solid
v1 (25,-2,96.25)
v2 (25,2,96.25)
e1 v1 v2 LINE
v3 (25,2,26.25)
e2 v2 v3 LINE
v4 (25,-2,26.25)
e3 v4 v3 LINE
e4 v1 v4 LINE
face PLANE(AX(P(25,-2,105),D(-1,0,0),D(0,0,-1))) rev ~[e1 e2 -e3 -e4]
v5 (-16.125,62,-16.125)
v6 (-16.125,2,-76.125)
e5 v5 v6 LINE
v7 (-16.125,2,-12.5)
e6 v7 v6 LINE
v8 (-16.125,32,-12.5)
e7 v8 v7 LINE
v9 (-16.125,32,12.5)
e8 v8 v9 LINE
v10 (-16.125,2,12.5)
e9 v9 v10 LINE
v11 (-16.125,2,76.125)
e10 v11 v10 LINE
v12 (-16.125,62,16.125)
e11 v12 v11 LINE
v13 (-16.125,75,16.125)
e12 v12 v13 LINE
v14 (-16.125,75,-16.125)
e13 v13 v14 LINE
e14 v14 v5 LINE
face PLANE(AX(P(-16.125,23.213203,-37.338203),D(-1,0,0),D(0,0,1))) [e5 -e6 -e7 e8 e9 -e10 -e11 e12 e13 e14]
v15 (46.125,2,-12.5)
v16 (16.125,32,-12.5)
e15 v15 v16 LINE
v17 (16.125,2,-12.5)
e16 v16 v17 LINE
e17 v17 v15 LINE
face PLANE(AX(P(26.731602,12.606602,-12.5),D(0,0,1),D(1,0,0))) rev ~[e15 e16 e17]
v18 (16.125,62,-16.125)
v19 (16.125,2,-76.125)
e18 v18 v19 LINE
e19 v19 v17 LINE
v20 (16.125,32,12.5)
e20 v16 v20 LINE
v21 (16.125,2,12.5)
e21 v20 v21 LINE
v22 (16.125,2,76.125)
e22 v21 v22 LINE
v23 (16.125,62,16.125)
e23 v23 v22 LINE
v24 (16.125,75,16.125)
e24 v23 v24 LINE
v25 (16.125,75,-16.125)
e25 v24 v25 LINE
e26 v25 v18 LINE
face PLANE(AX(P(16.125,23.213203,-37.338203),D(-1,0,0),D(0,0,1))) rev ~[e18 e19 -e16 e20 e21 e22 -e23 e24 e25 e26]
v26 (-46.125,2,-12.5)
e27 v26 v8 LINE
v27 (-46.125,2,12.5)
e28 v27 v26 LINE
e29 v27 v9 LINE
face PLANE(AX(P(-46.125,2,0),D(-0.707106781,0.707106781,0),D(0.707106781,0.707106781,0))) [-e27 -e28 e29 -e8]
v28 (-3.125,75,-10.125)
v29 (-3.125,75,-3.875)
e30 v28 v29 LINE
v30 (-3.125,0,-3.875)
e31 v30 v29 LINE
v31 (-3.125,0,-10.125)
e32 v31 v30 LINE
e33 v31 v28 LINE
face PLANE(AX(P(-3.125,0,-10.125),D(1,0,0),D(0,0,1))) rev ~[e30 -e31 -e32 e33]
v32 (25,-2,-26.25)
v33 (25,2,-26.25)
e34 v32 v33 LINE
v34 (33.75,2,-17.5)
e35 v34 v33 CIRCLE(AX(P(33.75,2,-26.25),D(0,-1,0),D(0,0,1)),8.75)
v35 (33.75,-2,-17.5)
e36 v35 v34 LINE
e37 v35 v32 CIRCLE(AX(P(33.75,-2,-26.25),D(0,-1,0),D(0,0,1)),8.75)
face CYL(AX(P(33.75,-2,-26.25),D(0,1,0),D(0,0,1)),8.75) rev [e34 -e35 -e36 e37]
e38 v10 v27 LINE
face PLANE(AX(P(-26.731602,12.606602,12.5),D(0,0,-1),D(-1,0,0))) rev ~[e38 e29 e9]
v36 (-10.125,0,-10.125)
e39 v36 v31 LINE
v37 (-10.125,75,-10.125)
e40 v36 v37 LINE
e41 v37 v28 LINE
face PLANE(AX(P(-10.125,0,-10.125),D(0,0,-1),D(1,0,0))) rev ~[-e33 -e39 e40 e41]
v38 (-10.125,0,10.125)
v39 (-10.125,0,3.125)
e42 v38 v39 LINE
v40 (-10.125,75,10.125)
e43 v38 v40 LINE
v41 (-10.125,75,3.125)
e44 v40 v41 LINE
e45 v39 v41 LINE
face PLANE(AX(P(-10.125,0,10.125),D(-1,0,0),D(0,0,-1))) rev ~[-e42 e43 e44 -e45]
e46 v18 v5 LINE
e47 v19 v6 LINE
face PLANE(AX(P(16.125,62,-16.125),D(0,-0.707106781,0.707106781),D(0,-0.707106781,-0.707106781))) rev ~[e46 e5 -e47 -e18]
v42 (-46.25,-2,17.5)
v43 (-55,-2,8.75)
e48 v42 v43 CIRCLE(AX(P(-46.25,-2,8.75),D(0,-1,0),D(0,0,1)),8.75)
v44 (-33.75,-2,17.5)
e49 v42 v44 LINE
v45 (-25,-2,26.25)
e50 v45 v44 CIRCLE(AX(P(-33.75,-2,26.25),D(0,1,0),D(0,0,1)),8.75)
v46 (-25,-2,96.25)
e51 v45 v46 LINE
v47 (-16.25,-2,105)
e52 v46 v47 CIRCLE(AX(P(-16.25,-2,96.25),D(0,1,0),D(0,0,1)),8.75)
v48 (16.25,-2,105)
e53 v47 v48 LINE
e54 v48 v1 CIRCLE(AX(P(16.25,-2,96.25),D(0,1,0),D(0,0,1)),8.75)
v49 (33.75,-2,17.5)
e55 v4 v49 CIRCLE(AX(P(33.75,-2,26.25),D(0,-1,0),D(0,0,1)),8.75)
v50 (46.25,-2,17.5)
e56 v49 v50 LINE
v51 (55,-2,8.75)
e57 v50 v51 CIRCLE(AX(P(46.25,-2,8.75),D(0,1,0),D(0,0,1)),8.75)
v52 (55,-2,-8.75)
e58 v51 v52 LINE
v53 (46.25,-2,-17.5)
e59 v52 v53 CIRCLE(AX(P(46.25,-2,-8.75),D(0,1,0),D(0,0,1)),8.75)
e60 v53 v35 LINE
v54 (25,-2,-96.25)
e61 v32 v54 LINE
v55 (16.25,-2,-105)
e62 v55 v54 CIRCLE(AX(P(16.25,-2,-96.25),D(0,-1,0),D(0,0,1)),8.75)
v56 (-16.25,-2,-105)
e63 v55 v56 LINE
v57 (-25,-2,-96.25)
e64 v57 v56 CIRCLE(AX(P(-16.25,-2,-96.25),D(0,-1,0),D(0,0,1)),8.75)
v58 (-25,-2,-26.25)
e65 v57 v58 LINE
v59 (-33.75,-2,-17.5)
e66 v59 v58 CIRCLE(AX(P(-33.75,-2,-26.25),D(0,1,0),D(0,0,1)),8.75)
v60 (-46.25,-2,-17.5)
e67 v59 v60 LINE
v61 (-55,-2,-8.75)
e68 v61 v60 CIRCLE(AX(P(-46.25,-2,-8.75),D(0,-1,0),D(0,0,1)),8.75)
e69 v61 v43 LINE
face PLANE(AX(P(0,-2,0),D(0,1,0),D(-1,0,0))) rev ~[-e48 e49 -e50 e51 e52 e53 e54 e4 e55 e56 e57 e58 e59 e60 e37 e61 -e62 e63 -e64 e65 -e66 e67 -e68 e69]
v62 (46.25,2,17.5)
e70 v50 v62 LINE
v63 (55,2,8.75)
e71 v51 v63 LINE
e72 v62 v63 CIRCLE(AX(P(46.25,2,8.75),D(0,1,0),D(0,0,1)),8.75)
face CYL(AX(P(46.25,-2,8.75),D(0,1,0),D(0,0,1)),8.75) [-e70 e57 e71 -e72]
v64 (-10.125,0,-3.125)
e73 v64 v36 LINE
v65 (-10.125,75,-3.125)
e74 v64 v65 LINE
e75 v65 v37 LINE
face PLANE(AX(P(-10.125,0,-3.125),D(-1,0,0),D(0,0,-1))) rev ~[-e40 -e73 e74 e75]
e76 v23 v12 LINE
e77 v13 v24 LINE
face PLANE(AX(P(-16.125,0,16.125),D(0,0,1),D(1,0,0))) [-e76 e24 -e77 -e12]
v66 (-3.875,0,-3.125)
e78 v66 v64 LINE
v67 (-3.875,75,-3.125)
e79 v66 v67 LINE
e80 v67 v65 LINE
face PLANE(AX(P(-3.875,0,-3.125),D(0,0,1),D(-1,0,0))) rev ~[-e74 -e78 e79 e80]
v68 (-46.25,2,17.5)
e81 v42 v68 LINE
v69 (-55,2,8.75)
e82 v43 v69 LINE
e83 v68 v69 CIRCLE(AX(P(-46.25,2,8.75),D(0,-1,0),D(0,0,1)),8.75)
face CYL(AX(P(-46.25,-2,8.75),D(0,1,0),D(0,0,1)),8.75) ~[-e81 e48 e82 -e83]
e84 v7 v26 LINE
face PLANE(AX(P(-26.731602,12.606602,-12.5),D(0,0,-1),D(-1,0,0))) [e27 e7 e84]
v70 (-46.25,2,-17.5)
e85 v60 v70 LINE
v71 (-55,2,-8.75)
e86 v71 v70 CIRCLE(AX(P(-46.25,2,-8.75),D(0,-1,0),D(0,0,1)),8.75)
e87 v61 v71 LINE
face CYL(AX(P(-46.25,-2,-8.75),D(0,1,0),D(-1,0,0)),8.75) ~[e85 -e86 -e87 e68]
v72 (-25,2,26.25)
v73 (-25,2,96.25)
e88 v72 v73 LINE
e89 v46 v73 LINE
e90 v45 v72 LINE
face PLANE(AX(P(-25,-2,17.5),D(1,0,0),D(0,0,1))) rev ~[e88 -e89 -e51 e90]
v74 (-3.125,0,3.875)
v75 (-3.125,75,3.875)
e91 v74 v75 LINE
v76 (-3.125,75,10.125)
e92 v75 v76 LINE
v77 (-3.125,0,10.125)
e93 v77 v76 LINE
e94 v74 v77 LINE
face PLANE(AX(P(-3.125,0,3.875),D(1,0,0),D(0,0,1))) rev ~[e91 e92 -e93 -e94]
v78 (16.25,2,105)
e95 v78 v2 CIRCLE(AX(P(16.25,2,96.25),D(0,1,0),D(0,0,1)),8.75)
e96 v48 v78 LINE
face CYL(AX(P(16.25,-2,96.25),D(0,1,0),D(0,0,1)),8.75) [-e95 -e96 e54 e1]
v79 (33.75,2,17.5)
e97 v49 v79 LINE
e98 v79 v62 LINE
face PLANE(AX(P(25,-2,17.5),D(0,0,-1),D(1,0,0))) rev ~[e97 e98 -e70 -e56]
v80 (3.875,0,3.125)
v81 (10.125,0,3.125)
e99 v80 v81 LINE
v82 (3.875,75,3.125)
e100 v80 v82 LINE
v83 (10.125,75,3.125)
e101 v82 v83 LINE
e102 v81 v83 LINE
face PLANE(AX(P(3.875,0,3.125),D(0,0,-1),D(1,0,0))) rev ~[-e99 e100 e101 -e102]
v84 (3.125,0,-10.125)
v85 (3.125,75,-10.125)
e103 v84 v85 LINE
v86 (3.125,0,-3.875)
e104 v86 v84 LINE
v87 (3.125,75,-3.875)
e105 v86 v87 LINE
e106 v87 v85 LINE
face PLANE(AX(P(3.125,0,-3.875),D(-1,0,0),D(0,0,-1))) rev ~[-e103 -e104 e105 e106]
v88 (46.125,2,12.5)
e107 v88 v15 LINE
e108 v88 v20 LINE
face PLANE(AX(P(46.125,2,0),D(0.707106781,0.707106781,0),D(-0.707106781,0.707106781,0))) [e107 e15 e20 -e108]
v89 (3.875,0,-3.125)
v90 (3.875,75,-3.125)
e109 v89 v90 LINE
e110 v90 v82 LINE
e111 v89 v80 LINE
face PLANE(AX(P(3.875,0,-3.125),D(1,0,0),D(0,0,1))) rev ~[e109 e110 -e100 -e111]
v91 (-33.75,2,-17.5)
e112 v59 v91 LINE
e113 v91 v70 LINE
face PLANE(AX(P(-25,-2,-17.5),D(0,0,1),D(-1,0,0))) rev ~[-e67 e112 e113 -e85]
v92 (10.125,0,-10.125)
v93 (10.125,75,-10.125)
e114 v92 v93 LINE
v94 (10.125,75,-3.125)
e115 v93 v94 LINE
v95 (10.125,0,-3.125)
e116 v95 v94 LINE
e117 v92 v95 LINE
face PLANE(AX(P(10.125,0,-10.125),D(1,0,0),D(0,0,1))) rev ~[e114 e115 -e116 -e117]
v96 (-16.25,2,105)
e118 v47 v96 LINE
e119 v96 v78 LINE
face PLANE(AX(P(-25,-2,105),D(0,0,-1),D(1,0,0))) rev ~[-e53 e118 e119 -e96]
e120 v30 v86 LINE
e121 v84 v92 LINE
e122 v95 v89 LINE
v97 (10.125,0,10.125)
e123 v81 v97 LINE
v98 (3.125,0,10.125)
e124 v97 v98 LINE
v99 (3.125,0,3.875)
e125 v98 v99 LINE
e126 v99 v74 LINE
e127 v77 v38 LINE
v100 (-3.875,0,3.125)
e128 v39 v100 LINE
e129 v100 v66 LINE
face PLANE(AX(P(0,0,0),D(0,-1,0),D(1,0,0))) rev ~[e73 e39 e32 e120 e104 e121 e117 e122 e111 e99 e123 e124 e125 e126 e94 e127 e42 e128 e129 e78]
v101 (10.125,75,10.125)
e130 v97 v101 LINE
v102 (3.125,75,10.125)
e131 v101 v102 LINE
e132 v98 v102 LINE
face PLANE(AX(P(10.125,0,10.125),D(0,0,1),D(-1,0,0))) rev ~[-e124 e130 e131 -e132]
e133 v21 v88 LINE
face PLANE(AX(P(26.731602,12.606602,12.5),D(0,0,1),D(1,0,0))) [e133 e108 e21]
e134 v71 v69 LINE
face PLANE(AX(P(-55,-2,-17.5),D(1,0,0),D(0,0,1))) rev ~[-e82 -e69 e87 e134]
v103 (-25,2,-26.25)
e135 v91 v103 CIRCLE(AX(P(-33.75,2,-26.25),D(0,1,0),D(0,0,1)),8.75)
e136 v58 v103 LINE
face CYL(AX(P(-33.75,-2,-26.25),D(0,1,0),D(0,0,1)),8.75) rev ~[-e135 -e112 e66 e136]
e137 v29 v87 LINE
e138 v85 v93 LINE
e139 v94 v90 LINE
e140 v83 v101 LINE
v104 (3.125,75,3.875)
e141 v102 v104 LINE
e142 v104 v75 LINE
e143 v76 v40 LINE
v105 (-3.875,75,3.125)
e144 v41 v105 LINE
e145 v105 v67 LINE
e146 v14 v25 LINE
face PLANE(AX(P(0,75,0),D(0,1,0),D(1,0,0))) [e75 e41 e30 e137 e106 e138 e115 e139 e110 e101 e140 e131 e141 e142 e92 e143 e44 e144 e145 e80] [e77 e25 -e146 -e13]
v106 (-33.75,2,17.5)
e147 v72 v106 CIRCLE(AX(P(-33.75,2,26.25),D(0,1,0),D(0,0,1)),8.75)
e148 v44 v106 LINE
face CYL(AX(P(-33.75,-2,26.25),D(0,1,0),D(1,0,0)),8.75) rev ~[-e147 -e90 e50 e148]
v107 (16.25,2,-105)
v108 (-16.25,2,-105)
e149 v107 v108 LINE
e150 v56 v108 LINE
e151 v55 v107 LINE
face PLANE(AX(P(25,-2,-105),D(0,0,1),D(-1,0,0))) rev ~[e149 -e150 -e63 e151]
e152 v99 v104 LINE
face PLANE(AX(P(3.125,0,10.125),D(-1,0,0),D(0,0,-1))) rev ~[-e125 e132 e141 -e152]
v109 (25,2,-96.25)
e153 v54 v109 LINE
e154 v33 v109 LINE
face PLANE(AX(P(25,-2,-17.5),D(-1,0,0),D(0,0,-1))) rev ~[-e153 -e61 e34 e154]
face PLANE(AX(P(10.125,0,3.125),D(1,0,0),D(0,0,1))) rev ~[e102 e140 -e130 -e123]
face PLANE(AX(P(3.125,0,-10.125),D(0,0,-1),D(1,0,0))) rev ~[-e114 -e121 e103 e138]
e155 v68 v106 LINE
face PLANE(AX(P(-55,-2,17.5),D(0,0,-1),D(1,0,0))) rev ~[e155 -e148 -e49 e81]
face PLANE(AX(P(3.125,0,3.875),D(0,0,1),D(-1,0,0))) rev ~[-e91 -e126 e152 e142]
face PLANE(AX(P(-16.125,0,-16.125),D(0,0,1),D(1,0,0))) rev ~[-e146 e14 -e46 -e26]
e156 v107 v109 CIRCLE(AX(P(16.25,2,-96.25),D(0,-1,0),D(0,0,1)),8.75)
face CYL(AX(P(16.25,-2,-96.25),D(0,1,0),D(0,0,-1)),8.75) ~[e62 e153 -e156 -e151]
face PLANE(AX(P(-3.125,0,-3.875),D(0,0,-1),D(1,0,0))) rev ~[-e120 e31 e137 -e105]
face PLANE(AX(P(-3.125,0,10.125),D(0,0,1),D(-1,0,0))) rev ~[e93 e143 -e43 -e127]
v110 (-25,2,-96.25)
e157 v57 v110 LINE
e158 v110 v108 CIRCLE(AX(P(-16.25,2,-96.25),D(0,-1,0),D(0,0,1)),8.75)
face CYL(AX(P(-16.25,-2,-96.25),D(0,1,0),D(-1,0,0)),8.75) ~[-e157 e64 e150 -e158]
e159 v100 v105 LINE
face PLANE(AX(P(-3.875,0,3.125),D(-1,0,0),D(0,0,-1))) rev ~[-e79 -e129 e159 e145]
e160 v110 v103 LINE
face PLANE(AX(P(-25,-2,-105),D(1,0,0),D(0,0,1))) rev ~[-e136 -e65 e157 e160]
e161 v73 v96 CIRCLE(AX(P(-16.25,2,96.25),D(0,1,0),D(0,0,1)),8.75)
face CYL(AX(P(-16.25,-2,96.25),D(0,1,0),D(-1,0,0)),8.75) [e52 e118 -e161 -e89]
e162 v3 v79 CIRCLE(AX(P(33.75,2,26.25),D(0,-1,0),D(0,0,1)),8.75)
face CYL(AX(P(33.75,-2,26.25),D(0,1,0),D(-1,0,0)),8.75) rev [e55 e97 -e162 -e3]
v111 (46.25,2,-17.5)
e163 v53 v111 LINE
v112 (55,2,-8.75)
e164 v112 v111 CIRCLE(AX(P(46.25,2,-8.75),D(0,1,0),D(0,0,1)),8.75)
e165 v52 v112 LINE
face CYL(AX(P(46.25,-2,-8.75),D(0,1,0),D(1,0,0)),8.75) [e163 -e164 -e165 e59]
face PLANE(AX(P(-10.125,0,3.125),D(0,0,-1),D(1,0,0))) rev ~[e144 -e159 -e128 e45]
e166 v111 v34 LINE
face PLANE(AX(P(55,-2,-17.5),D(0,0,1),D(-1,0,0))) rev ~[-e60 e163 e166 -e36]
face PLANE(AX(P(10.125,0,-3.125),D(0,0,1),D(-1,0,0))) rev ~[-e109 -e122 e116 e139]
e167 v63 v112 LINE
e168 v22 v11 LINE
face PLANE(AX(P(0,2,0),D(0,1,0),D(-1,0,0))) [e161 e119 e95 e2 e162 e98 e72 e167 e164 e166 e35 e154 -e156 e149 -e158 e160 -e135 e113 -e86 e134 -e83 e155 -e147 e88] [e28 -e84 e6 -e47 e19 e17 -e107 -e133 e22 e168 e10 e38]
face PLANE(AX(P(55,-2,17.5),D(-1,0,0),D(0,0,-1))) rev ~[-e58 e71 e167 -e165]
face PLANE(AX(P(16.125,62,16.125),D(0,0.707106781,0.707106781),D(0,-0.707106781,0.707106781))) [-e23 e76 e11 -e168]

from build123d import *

# Parameters (mm, degrees)
SKETCH2_W            = 32.25
SKETCH2_H            = 32.25
BOSS_EXTRUDE1_DEPTH  = 75
SKETCH3_W            = 32.25
SKETCH3_H            = 32.25
BOSS_EXTRUDE2_DEPTH  = 2
SKETCH4_W            = 32.25
SKETCH4_H            = 32.25
BOSS_EXTRUDE3_DEPTH  = 4
FILLET1_R            = 8.75
BOSS_EXTRUDE4_DEPTH  = 32.25
BOSS_EXTRUDE12_DEPTH = 12.5


with BuildPart() as part:
    # Sketch2 → Boss-Extrude1 (new body)
    with BuildSketch(Plane(origin=(0, 0, 0), x_dir=(1, 0, 0), z_dir=(0, 1, 0))):
        Rectangle(SKETCH2_W, SKETCH2_H)
        Polygon((-3.125, 10.125), (-3.125, 3.875), (3.125, 3.875), (3.125, 10.125), (10.125, 10.125), (10.125, 3.125), (3.875, 3.125), (3.875, -3.125), (10.125, -3.125), (10.125, -10.125), (3.125, -10.125), (3.125, -3.875), (-3.125, -3.875), (-3.125, -10.125), (-10.125, -10.125), (-10.125, -3.125), (-3.875, -3.125), (-3.875, 3.125), (-10.125, 3.125), (-10.125, 10.125), align=None, mode=Mode.SUBTRACT)
    extrude(amount=BOSS_EXTRUDE1_DEPTH)

    # Sketch3 → Boss-Extrude2 (add)
    with BuildSketch(Plane.XZ):
        Rectangle(SKETCH3_W, SKETCH3_H)
    extrude(amount=BOSS_EXTRUDE2_DEPTH)

    # Sketch4 → Boss-Extrude3 (add)
    with BuildSketch(Plane.XZ.offset(2)):
        Polygon((-25, 17.5), (-25, 105), (25, 105), (25, 17.5), (55, 17.5), (55, -17.5), (25, -17.5), (25, -105), (-25, -105), (-25, -17.5), (-55, -17.5), (-55, 17.5), align=None)
        Rectangle(SKETCH4_W, SKETCH4_H, mode=Mode.SUBTRACT)
    extrude(amount=-BOSS_EXTRUDE3_DEPTH)

    # Fillet1
    fillet1_edges = [part.edges().sort_by_distance(p)[0] for p in [
        (-25, 0, -105),
        (-25, 0, -17.5),
        (-55, 0, -17.5),
        (-55, 0, 17.5),
        (-25, 0, 17.5),
        (-25, 0, 105),
        (25, 0, 105),
        (25, 0, 17.5),
        (55, 0, 17.5),
        (55, 0, -17.5),
        (25, 0, -17.5),
        (25, 0, -105),
    ]]
    fillet(fillet1_edges, radius=FILLET1_R)

    # Sketch5 → Boss-Extrude4 (add)
    with BuildSketch(Plane(origin=(16.125, 0, 0), x_dir=(0, 0, -1), z_dir=(1, 0, 0))):
        Polygon((16.125, 62), (76.125, 2), (16.125, 2), align=None)
        Polygon((-16.125, 62), (-76.125, 2), (-16.125, 2), align=None)
    extrude(amount=-BOSS_EXTRUDE4_DEPTH)

    # Sketch7 → Boss-Extrude12 (add, symmetric)
    with BuildSketch(Plane.XY):
        Polygon((-16.125, 2), (-46.125, 2), (-16.125, 32), align=None)
        Polygon((46.125, 2), (16.125, 32), (16.125, 2), align=None)
    extrude(amount=BOSS_EXTRUDE12_DEPTH, both=True)


solid = part.part
